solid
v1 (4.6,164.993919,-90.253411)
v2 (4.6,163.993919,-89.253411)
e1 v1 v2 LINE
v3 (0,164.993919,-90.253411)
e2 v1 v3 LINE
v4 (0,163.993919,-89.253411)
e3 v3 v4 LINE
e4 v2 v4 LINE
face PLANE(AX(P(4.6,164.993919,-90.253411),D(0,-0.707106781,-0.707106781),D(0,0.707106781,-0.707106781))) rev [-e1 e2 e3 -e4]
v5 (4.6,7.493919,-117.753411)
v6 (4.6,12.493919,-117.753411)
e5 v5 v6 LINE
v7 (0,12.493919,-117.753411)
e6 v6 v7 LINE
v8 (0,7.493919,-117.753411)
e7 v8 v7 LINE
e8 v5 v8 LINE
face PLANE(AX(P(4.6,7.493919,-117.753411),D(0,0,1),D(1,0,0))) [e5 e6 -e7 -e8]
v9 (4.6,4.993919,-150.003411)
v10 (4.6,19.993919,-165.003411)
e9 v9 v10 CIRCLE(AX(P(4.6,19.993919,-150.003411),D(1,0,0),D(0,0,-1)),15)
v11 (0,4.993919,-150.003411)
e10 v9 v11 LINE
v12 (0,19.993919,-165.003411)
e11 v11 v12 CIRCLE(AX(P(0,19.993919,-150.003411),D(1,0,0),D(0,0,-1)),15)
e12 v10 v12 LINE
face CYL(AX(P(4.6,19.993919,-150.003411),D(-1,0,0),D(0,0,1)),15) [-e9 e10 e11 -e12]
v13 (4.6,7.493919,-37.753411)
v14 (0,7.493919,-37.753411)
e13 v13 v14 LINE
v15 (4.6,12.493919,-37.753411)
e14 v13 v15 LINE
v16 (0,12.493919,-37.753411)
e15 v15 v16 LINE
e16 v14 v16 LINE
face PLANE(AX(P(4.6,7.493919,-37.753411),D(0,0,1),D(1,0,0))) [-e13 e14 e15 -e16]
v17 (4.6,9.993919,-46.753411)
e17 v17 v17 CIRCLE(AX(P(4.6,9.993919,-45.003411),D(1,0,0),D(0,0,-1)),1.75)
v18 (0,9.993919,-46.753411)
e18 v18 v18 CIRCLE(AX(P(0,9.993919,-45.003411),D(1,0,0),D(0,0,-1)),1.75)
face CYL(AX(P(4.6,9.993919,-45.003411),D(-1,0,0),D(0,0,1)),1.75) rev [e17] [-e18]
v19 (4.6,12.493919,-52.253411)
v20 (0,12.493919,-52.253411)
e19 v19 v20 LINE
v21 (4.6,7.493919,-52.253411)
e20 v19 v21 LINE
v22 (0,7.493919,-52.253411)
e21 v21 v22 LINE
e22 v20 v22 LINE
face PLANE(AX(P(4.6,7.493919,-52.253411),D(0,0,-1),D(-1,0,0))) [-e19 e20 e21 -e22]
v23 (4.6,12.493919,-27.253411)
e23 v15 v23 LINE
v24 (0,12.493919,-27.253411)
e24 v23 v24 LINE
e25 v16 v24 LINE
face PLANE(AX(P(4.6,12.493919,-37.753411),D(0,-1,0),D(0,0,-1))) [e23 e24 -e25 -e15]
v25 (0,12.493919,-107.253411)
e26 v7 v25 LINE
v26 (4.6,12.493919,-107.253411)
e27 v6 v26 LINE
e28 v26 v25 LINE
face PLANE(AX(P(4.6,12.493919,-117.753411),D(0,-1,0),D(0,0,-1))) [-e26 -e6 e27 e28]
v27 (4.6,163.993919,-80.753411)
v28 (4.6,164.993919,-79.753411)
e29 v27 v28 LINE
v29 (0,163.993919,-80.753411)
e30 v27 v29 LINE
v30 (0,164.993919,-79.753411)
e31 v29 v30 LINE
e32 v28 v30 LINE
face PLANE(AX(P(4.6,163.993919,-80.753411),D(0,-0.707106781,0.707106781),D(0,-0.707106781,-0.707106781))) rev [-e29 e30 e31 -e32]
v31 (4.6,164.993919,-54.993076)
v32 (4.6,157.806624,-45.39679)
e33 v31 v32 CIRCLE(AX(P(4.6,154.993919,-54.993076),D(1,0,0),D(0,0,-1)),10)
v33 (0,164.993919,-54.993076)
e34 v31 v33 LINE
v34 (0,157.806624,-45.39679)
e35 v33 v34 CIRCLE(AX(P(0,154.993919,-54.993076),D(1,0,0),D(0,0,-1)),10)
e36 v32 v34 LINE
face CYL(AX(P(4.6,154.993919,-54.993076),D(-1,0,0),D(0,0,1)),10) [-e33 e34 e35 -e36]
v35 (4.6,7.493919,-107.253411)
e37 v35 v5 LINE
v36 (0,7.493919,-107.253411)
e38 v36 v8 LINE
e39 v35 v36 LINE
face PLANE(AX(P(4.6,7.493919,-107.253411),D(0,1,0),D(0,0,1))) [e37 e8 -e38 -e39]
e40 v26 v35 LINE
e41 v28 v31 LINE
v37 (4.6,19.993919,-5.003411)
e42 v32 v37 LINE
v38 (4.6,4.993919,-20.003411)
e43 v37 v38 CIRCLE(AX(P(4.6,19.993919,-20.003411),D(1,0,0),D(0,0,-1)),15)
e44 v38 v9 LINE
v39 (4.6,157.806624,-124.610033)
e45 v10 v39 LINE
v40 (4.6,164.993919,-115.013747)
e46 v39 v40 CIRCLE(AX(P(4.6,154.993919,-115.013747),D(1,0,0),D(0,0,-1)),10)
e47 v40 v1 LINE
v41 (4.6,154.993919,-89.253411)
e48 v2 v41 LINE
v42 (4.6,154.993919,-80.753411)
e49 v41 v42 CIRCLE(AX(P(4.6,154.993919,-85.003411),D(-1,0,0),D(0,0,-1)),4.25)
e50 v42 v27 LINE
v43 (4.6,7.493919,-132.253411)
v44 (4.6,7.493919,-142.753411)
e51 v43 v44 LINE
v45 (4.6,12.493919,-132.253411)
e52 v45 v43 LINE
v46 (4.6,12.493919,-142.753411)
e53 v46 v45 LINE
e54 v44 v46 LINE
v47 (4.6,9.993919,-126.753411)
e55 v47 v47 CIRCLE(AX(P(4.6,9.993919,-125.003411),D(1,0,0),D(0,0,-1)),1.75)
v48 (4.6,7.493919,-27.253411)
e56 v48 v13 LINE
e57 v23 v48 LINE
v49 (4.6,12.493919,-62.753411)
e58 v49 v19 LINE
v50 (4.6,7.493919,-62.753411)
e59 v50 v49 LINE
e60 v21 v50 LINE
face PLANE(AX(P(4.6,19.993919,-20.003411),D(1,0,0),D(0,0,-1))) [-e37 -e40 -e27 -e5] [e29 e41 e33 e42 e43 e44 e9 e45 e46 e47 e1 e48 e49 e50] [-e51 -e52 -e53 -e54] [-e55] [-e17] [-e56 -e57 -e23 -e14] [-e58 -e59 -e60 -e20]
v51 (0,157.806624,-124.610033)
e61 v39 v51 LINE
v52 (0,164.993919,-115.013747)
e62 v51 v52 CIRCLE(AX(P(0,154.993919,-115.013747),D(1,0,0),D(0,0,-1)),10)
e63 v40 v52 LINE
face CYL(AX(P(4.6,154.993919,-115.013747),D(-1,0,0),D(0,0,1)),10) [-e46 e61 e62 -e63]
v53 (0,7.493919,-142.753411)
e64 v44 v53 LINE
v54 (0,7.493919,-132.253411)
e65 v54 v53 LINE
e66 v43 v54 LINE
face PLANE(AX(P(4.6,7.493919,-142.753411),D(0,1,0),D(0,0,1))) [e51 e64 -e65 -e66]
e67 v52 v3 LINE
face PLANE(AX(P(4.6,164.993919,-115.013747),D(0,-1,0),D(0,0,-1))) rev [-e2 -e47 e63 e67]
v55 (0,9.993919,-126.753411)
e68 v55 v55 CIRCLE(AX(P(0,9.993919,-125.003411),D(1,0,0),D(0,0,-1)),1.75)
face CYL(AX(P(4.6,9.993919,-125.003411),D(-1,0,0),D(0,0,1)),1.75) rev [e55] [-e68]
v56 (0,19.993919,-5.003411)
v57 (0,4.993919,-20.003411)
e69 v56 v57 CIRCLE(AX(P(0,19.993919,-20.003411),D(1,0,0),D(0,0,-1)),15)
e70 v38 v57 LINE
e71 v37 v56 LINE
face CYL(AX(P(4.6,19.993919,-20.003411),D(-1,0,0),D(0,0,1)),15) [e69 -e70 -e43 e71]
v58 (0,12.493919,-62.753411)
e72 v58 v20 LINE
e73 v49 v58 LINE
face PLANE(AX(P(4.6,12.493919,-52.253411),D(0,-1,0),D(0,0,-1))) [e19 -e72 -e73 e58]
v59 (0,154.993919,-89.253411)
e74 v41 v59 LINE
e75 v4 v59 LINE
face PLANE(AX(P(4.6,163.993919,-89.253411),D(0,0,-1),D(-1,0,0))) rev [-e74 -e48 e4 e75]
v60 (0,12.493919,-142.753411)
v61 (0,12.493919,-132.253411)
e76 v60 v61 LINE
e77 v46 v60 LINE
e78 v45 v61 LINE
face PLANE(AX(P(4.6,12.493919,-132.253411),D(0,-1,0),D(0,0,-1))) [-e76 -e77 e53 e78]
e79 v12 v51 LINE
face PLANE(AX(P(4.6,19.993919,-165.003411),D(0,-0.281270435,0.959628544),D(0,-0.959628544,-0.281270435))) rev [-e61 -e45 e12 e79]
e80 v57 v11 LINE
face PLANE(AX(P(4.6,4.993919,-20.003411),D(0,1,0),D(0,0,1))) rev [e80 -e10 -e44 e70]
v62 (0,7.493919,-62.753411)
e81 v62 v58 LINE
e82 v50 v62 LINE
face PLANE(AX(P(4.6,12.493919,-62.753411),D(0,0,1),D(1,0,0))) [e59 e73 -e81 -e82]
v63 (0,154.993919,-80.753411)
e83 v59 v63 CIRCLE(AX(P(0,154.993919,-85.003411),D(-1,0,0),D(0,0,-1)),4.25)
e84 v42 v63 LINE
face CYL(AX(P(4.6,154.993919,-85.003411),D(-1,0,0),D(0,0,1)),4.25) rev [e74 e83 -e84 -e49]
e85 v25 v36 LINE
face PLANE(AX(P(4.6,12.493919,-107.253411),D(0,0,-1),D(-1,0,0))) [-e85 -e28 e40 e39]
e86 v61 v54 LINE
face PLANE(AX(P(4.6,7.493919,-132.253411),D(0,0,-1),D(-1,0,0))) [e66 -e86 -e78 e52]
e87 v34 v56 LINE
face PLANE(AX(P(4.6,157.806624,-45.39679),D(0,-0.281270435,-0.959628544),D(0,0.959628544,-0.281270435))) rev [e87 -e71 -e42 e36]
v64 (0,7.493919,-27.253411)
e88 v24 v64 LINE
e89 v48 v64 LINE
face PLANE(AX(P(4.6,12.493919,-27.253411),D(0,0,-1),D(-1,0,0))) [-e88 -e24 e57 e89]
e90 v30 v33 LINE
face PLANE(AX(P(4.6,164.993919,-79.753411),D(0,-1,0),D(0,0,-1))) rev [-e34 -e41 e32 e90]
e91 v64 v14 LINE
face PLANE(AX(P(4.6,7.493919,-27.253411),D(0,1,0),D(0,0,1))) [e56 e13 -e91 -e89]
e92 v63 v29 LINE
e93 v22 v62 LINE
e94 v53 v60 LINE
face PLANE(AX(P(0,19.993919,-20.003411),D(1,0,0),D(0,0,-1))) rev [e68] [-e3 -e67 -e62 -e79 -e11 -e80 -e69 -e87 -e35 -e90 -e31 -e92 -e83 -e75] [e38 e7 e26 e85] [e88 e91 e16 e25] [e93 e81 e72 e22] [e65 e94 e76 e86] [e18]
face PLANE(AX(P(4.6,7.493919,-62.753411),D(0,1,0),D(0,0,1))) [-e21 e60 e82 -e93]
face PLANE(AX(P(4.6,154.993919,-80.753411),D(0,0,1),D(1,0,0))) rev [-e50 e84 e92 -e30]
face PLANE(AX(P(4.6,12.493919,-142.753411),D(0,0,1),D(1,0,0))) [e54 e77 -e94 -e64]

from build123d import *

# Parameters (mm, degrees)
SKETCH1_R      = 1.75
SKETCH1_W      = 10.5
SKETCH1_H      = 5
EXTRUDE1_DEPTH = 4.6


with BuildPart() as part:
    # Sketch1 → Extrude1 (new body)
    with BuildSketch(Plane(origin=(0, 0, 0), x_dir=(0, 0, -1), z_dir=(1, 0, 0))):
        with BuildLine():
            Line((20.003411378, 4.993919491), (150.003411378, 4.993919491))
            ThreePointArc((150.003411378, 4.993919491), (160.610013096, 9.387317773), (165.003411378, 19.993919491))
            Line((165.003411378, 19.993919491), (124.610032516, 157.806623844))
            ThreePointArc((124.610032516, 157.806623844), (121.008451259, 162.997888617), (115.013747077, 164.993919491))
            Line((115.013747077, 164.993919491), (90.253411378, 164.993919491))
            Line((90.253411378, 164.993919491), (89.253411378, 163.993919491))
            Line((89.253411378, 163.993919491), (89.253411378, 154.993919491))
            ThreePointArc((89.253411378, 154.993919491), (85.003411378, 150.743919491), (80.753411378, 154.993919491))
            Line((80.753411378, 154.993919491), (80.753411378, 163.993919491))
            Line((80.753411378, 163.993919491), (79.753411378, 164.993919491))
            Line((79.753411378, 164.993919491), (54.993075679, 164.993919491))
            ThreePointArc((54.993075679, 164.993919491), (48.998371496, 162.997888617), (45.39679024, 157.806623844))
            Line((45.39679024, 157.806623844), (5.003411378, 19.993919491))
            ThreePointArc((5.003411378, 19.993919491), (9.39680966, 9.387317773), (20.003411378, 4.993919491))
        make_face()
        with Locations((45.003411378, 9.993919491)):
            Circle(SKETCH1_R, mode=Mode.SUBTRACT)
        with Locations((125.003411378, 9.993919491)):
            Circle(SKETCH1_R, mode=Mode.SUBTRACT)
        with Locations((32.503411378, 9.993919491)):
            Rectangle(SKETCH1_W, SKETCH1_H, mode=Mode.SUBTRACT)
        with Locations((57.503411378, 9.993919491)):
            Rectangle(SKETCH1_W, SKETCH1_H, mode=Mode.SUBTRACT)
        with Locations((137.503411378, 9.993919491)):
            Rectangle(SKETCH1_W, SKETCH1_H, mode=Mode.SUBTRACT)
        with Locations((112.503411378, 9.993919491)):
            Rectangle(SKETCH1_W, SKETCH1_H, mode=Mode.SUBTRACT)
    extrude(amount=EXTRUDE1_DEPTH)


solid = part.part
